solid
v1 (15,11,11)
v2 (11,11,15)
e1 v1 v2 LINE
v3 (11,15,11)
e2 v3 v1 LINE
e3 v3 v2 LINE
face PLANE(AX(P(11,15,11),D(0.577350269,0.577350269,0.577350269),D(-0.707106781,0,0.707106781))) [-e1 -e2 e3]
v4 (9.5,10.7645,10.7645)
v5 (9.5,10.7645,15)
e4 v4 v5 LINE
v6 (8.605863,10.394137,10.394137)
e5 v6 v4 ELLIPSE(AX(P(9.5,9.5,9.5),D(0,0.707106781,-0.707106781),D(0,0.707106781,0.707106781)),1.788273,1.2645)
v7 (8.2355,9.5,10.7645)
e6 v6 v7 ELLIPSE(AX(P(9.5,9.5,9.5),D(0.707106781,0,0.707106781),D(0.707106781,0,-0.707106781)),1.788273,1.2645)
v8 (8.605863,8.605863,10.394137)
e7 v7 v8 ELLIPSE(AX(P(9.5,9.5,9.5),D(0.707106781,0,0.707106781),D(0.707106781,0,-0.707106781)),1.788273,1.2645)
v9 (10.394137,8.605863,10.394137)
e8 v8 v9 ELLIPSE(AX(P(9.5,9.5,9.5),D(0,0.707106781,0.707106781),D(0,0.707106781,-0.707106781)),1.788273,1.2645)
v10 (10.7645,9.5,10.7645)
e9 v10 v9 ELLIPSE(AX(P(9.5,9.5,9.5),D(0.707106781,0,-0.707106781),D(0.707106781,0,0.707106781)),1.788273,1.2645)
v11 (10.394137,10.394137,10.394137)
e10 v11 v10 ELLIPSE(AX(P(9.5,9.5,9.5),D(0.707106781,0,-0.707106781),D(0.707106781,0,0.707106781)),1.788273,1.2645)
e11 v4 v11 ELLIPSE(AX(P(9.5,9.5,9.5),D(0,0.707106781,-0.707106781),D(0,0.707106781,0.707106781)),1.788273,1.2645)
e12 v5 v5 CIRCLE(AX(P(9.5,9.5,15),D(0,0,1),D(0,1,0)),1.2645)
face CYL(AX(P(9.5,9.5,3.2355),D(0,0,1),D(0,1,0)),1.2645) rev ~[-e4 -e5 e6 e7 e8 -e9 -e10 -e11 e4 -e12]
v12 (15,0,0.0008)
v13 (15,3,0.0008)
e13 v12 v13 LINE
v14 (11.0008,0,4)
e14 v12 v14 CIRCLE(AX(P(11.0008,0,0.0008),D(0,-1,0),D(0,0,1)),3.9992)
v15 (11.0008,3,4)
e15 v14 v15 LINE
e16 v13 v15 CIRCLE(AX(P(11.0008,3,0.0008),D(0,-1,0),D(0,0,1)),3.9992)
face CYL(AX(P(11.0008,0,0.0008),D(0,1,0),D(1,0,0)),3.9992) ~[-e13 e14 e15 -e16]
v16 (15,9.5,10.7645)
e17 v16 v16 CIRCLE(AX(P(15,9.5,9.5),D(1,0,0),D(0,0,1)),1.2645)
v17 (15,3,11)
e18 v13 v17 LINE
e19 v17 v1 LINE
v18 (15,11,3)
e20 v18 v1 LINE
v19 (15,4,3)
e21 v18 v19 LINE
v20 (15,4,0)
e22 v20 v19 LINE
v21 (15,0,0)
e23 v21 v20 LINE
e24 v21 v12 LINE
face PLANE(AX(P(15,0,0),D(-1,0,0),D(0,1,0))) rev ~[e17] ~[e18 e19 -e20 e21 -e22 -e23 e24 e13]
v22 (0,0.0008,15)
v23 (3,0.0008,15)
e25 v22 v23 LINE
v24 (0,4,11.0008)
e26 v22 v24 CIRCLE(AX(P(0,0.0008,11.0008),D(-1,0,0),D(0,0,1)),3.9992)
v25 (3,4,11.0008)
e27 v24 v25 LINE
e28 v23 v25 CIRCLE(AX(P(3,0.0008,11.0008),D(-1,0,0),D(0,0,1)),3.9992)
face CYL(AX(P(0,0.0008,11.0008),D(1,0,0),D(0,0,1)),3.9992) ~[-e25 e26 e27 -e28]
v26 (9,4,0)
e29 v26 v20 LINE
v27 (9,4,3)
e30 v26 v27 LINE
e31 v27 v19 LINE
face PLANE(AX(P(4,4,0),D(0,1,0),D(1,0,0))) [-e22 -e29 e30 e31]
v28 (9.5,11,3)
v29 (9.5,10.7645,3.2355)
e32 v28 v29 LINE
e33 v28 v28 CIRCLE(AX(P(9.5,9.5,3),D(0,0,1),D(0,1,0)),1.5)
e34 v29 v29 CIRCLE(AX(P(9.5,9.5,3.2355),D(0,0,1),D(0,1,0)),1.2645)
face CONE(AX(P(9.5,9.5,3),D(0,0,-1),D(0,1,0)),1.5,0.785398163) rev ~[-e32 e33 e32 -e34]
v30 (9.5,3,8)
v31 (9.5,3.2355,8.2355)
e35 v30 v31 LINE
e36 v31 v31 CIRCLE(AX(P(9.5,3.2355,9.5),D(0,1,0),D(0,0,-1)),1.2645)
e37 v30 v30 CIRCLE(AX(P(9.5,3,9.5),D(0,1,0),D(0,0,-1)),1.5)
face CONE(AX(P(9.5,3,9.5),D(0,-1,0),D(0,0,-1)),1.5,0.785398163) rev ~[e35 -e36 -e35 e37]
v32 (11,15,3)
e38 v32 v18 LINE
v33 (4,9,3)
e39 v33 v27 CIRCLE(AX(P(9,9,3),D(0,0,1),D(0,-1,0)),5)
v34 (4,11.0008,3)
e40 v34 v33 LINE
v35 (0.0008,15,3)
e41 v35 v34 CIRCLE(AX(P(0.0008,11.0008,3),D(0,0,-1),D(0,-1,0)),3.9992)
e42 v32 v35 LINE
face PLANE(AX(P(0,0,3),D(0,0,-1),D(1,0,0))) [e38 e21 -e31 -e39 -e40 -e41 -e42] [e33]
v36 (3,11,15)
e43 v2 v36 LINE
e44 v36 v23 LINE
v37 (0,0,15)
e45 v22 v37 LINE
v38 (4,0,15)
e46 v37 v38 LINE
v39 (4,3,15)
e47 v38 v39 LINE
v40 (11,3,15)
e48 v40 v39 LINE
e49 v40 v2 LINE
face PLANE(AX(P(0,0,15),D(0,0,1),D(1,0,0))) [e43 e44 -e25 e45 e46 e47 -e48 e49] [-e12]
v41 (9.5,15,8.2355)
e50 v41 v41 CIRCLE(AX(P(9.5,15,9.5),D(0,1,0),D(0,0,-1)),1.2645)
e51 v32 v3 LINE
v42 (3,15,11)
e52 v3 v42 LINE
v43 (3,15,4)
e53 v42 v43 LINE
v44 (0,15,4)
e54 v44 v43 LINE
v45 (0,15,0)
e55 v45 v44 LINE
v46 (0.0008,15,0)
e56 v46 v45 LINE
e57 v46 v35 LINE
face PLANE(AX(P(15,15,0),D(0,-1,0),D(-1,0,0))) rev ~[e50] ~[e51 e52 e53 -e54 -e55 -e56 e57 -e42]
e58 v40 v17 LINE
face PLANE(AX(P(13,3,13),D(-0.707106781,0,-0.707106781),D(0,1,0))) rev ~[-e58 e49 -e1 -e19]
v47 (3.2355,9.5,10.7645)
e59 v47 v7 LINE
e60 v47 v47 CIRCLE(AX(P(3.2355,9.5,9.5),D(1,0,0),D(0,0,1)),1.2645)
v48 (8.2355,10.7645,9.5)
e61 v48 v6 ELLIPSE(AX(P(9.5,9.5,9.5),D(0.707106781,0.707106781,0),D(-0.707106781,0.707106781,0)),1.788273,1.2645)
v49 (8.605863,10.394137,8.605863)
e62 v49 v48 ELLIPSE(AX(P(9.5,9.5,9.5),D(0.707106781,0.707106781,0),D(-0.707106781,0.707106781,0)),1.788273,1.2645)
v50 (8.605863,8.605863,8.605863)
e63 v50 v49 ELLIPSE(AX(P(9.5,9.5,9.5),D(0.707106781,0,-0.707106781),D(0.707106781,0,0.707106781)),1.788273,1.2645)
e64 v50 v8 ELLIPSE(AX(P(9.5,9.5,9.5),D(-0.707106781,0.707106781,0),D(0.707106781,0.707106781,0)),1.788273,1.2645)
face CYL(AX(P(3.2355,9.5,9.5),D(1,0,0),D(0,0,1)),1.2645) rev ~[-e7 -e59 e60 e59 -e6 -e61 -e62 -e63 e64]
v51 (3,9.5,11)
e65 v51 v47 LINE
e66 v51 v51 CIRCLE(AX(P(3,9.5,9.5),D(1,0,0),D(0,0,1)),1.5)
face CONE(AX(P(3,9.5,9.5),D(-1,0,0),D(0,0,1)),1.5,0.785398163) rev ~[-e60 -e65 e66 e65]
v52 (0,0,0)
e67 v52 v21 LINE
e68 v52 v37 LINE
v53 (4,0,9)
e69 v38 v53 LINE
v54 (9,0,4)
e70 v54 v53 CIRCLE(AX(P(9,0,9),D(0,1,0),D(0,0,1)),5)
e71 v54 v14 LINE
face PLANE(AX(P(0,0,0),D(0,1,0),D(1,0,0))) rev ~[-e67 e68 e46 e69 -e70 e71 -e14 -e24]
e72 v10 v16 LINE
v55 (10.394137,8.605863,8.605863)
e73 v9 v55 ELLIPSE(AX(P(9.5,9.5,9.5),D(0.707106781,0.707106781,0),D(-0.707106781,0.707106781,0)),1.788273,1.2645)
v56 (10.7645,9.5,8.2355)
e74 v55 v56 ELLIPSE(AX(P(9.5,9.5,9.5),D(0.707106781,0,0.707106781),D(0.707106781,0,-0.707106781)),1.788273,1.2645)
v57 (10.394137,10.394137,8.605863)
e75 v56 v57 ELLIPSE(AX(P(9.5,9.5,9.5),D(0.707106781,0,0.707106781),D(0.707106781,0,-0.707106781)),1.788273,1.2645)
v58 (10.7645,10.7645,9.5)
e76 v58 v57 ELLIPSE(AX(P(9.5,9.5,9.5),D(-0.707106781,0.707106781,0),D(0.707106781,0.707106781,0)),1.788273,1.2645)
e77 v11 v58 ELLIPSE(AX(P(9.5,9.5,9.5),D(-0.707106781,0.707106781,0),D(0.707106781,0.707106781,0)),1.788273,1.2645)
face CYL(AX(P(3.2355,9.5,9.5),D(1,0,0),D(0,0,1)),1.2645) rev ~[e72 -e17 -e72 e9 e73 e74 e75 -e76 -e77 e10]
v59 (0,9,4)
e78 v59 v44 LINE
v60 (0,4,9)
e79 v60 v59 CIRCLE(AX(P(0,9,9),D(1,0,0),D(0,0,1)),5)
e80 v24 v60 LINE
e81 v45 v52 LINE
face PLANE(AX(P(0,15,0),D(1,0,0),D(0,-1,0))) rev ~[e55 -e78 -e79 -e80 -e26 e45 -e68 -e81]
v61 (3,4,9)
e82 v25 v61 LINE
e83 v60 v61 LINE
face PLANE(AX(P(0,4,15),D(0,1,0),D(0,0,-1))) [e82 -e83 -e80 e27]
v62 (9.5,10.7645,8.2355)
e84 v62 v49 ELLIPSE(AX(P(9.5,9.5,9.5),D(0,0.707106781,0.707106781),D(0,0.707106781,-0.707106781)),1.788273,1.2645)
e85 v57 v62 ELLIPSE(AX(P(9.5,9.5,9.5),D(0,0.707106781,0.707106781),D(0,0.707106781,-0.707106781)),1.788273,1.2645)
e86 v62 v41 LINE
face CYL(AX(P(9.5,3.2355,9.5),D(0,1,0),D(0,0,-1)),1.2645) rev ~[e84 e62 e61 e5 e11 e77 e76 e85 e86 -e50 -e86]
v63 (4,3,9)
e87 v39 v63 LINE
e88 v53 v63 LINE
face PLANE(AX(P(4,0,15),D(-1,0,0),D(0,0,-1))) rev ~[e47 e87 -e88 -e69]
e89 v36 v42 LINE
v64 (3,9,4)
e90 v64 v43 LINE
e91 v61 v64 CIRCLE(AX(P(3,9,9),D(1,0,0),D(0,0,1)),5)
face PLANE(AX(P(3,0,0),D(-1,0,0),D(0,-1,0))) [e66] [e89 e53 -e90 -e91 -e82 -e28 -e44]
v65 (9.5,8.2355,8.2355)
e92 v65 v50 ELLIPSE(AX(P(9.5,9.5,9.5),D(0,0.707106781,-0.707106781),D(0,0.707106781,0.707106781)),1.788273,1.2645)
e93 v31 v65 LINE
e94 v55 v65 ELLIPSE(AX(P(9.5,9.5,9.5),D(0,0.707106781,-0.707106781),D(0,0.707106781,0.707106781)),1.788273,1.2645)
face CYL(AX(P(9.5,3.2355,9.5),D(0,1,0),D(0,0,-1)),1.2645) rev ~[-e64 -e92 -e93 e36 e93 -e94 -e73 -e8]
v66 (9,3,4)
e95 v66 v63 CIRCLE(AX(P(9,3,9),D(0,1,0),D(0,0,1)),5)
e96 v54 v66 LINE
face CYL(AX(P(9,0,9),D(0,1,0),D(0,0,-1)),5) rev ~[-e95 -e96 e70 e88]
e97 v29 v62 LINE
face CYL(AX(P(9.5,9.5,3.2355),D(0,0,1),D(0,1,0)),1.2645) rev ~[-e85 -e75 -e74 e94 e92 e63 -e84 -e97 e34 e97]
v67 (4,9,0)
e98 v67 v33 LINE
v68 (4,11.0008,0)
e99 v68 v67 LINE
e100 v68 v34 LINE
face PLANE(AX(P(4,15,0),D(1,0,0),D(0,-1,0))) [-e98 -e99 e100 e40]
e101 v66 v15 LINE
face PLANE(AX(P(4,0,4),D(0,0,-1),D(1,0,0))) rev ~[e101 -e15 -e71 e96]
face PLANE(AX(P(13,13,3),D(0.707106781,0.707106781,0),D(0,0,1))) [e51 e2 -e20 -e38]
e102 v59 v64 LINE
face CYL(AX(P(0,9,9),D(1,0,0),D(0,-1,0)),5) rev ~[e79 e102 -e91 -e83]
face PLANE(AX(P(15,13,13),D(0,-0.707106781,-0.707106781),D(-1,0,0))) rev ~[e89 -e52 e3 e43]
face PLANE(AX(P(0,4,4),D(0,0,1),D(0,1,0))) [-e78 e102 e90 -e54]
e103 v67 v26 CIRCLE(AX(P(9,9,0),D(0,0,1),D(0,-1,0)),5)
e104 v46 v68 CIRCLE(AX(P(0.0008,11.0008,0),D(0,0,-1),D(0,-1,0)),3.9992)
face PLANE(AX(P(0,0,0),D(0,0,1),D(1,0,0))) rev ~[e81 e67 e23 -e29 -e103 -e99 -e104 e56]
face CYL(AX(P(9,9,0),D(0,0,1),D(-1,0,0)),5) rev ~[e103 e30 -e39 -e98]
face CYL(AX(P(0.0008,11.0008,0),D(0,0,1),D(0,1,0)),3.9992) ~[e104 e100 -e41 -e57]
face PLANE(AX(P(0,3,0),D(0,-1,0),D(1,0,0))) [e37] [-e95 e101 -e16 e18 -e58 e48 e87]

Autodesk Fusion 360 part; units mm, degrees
sketch "Sketch1" plane through (0, 0, 0) normal (0, 0, 1) x (1, 0, 0)
  line L0 (0, 0) -> (15, 0)
  line L1 (15, 0) -> (15, 15)
  line L2 (15, 15) -> (0, 15)
  line L3 (0, 15) -> (0, 0)
  dimension "d5" = 15
  dimension "d6" = 15
extrude "Extrude1" add sketch "Sketch1" along normal blind 15
sketch "Sketch2" plane through (0, 0, 0) normal (0, -1, 0) x (1, 0, 0)
  line L0 (0, 0) -> (15, 0)
  line L1 (15, 0) -> (15, 15)
  line L2 (15, 15) -> (0, 15)
  line L3 (0, 15) -> (0, 0)
  line L4 (4, 4) -> (15, 4)
  line L5 (15, 4) -> (15, 15)
  line L6 (15, 15) -> (4, 15)
  line L7 (4, 15) -> (4, 4)
  point P0 (4, 4)
  dimension "d9" = 4
  dimension "d10" = 4
extrude "Extrude2" cut sketch "Sketch2" against normal blind 3 contours L1 L2 L4 L5 L6 L7
sketch "Sketch3" plane through (0, 0, 0) normal (-1, 0, 0) x (0, -1, 0)
  line L0 (-15, 0) -> (0, 0)
  line L1 (0, 0) -> (0, 15)
  line L2 (0, 15) -> (-15, 15)
  line L3 (-15, 15) -> (-15, 0)
  line L4 (-4, 4) -> (-15, 4)
  line L5 (-15, 4) -> (-15, 15)
  line L6 (-15, 15) -> (-4, 15)
  line L7 (-4, 15) -> (-4, 4)
  point P0 (-4, 4)
  dimension "d14" = 4
  dimension "d15" = 4
extrude "Extrude3" cut sketch "Sketch3" against normal blind 3 contours L2 L3 L4 L5 L6 L7
sketch "Sketch4" plane through (0, 0, 0) normal (0, 0, -1) x (1, 0, 0)
  line L0 (0, 0) -> (0, -15)
  line L1 (0, -15) -> (15, -15)
  line L2 (15, -15) -> (15, 0)
  line L3 (15, 0) -> (0, 0)
  line L4 (4, -4) -> (15, -4)
  line L5 (15, -4) -> (15, -15)
  line L6 (15, -15) -> (4, -15)
  line L7 (4, -15) -> (4, -4)
  point P0 (4, -4)
  dimension "d18" = 4
  dimension "d19" = 4
extrude "Extrude4" cut sketch "Sketch4" against normal blind 3 contours L1 L2 L4 L5 L6 L7
sketch "Sketch5" plane through (0, 3, 0) normal (0, -1, 0) x (1, 0, 0)
  line L0 (4, 15) -> (4, 4)
  line L1 (4, 4) -> (15, 4)
  line L2 (15, 4) -> (15, 15)
  line L3 (15, 15) -> (4, 15)
  point P0 (9.5, 9.5)
  dimension "d42" = 5.5
  dimension "d43" = 5.5
sketch "Sketch6" plane through (3, 0, 0) normal (-1, 0, 0) x (0, -1, 0)
  line L0 (-4, 15) -> (-15, 15)
  line L1 (-15, 15) -> (-15, 4)
  line L2 (-15, 4) -> (-4, 4)
  line L3 (-4, 4) -> (-4, 15)
  point P0 (-9.5, 9.5)
  dimension "d44" = 5.5
  dimension "d45" = 5.5
sketch "Sketch7" plane through (0, 0, 3) normal (0, 0, -1) x (1, 0, 0)
  line L0 (4, -15) -> (15, -15)
  line L1 (15, -15) -> (15, -4)
  line L2 (15, -4) -> (4, -4)
  line L3 (4, -4) -> (4, -15)
  point P0 (9.5, -9.5)
  dimension "d46" = 5.5
  dimension "d47" = 5.5
hole "Hole4" at (9.5, 3, 9.5) direction (0, 1, 0) diameter 2.529 end through all countersink diameter 3 countersink angle 90
hole "Hole5" at (3, 9.5, 9.5) direction (1, 0, 0) diameter 2.529 end through all countersink diameter 3 countersink angle 90
hole "Hole6" at (9.5, 9.5, 3) direction (0, 0, 1) diameter 2.529 end through all countersink diameter 3 countersink angle 90
fillet "Fillet3" radius 5 3 edges at (4, 1.5, 4) (1.5, 4, 4) (4, 4, 1.5)
chamfer "Chamfer2" distance 4 angle 45 3 edges at (15, 9, 15) (15, 15, 9) (9, 15, 15)
fillet "Fillet4" radius 4 3 edges at (1.5, 4, 15) (15, 1.5, 4) (4, 15, 1.5)
equation "length_rib = 15 mm"
equation "distance_corner = 4 mm"
equation "distance_remaining = length_rib - distance_corner"
equation "distance_hole = distance_remaining / 2"
equation "d5 = length_rib"
equation "d6 = length_rib"
equation "d7 = length_rib"
equation "d9 = distance_corner"
equation "d10 = distance_corner"
equation "plate_thickness = 3 mm"
equation "d14 = distance_corner"
equation "d15 = distance_corner"
equation "d18 = distance_corner"
equation "d19 = distance_corner"
equation "d42 = distance_remaining / 2"
equation "d43 = distance_remaining / 2"
equation "d44 = distance_remaining / 2"
equation "d45 = distance_remaining / 2"
equation "d46 = distance_remaining / 2"
equation "d47 = distance_remaining / 2"
